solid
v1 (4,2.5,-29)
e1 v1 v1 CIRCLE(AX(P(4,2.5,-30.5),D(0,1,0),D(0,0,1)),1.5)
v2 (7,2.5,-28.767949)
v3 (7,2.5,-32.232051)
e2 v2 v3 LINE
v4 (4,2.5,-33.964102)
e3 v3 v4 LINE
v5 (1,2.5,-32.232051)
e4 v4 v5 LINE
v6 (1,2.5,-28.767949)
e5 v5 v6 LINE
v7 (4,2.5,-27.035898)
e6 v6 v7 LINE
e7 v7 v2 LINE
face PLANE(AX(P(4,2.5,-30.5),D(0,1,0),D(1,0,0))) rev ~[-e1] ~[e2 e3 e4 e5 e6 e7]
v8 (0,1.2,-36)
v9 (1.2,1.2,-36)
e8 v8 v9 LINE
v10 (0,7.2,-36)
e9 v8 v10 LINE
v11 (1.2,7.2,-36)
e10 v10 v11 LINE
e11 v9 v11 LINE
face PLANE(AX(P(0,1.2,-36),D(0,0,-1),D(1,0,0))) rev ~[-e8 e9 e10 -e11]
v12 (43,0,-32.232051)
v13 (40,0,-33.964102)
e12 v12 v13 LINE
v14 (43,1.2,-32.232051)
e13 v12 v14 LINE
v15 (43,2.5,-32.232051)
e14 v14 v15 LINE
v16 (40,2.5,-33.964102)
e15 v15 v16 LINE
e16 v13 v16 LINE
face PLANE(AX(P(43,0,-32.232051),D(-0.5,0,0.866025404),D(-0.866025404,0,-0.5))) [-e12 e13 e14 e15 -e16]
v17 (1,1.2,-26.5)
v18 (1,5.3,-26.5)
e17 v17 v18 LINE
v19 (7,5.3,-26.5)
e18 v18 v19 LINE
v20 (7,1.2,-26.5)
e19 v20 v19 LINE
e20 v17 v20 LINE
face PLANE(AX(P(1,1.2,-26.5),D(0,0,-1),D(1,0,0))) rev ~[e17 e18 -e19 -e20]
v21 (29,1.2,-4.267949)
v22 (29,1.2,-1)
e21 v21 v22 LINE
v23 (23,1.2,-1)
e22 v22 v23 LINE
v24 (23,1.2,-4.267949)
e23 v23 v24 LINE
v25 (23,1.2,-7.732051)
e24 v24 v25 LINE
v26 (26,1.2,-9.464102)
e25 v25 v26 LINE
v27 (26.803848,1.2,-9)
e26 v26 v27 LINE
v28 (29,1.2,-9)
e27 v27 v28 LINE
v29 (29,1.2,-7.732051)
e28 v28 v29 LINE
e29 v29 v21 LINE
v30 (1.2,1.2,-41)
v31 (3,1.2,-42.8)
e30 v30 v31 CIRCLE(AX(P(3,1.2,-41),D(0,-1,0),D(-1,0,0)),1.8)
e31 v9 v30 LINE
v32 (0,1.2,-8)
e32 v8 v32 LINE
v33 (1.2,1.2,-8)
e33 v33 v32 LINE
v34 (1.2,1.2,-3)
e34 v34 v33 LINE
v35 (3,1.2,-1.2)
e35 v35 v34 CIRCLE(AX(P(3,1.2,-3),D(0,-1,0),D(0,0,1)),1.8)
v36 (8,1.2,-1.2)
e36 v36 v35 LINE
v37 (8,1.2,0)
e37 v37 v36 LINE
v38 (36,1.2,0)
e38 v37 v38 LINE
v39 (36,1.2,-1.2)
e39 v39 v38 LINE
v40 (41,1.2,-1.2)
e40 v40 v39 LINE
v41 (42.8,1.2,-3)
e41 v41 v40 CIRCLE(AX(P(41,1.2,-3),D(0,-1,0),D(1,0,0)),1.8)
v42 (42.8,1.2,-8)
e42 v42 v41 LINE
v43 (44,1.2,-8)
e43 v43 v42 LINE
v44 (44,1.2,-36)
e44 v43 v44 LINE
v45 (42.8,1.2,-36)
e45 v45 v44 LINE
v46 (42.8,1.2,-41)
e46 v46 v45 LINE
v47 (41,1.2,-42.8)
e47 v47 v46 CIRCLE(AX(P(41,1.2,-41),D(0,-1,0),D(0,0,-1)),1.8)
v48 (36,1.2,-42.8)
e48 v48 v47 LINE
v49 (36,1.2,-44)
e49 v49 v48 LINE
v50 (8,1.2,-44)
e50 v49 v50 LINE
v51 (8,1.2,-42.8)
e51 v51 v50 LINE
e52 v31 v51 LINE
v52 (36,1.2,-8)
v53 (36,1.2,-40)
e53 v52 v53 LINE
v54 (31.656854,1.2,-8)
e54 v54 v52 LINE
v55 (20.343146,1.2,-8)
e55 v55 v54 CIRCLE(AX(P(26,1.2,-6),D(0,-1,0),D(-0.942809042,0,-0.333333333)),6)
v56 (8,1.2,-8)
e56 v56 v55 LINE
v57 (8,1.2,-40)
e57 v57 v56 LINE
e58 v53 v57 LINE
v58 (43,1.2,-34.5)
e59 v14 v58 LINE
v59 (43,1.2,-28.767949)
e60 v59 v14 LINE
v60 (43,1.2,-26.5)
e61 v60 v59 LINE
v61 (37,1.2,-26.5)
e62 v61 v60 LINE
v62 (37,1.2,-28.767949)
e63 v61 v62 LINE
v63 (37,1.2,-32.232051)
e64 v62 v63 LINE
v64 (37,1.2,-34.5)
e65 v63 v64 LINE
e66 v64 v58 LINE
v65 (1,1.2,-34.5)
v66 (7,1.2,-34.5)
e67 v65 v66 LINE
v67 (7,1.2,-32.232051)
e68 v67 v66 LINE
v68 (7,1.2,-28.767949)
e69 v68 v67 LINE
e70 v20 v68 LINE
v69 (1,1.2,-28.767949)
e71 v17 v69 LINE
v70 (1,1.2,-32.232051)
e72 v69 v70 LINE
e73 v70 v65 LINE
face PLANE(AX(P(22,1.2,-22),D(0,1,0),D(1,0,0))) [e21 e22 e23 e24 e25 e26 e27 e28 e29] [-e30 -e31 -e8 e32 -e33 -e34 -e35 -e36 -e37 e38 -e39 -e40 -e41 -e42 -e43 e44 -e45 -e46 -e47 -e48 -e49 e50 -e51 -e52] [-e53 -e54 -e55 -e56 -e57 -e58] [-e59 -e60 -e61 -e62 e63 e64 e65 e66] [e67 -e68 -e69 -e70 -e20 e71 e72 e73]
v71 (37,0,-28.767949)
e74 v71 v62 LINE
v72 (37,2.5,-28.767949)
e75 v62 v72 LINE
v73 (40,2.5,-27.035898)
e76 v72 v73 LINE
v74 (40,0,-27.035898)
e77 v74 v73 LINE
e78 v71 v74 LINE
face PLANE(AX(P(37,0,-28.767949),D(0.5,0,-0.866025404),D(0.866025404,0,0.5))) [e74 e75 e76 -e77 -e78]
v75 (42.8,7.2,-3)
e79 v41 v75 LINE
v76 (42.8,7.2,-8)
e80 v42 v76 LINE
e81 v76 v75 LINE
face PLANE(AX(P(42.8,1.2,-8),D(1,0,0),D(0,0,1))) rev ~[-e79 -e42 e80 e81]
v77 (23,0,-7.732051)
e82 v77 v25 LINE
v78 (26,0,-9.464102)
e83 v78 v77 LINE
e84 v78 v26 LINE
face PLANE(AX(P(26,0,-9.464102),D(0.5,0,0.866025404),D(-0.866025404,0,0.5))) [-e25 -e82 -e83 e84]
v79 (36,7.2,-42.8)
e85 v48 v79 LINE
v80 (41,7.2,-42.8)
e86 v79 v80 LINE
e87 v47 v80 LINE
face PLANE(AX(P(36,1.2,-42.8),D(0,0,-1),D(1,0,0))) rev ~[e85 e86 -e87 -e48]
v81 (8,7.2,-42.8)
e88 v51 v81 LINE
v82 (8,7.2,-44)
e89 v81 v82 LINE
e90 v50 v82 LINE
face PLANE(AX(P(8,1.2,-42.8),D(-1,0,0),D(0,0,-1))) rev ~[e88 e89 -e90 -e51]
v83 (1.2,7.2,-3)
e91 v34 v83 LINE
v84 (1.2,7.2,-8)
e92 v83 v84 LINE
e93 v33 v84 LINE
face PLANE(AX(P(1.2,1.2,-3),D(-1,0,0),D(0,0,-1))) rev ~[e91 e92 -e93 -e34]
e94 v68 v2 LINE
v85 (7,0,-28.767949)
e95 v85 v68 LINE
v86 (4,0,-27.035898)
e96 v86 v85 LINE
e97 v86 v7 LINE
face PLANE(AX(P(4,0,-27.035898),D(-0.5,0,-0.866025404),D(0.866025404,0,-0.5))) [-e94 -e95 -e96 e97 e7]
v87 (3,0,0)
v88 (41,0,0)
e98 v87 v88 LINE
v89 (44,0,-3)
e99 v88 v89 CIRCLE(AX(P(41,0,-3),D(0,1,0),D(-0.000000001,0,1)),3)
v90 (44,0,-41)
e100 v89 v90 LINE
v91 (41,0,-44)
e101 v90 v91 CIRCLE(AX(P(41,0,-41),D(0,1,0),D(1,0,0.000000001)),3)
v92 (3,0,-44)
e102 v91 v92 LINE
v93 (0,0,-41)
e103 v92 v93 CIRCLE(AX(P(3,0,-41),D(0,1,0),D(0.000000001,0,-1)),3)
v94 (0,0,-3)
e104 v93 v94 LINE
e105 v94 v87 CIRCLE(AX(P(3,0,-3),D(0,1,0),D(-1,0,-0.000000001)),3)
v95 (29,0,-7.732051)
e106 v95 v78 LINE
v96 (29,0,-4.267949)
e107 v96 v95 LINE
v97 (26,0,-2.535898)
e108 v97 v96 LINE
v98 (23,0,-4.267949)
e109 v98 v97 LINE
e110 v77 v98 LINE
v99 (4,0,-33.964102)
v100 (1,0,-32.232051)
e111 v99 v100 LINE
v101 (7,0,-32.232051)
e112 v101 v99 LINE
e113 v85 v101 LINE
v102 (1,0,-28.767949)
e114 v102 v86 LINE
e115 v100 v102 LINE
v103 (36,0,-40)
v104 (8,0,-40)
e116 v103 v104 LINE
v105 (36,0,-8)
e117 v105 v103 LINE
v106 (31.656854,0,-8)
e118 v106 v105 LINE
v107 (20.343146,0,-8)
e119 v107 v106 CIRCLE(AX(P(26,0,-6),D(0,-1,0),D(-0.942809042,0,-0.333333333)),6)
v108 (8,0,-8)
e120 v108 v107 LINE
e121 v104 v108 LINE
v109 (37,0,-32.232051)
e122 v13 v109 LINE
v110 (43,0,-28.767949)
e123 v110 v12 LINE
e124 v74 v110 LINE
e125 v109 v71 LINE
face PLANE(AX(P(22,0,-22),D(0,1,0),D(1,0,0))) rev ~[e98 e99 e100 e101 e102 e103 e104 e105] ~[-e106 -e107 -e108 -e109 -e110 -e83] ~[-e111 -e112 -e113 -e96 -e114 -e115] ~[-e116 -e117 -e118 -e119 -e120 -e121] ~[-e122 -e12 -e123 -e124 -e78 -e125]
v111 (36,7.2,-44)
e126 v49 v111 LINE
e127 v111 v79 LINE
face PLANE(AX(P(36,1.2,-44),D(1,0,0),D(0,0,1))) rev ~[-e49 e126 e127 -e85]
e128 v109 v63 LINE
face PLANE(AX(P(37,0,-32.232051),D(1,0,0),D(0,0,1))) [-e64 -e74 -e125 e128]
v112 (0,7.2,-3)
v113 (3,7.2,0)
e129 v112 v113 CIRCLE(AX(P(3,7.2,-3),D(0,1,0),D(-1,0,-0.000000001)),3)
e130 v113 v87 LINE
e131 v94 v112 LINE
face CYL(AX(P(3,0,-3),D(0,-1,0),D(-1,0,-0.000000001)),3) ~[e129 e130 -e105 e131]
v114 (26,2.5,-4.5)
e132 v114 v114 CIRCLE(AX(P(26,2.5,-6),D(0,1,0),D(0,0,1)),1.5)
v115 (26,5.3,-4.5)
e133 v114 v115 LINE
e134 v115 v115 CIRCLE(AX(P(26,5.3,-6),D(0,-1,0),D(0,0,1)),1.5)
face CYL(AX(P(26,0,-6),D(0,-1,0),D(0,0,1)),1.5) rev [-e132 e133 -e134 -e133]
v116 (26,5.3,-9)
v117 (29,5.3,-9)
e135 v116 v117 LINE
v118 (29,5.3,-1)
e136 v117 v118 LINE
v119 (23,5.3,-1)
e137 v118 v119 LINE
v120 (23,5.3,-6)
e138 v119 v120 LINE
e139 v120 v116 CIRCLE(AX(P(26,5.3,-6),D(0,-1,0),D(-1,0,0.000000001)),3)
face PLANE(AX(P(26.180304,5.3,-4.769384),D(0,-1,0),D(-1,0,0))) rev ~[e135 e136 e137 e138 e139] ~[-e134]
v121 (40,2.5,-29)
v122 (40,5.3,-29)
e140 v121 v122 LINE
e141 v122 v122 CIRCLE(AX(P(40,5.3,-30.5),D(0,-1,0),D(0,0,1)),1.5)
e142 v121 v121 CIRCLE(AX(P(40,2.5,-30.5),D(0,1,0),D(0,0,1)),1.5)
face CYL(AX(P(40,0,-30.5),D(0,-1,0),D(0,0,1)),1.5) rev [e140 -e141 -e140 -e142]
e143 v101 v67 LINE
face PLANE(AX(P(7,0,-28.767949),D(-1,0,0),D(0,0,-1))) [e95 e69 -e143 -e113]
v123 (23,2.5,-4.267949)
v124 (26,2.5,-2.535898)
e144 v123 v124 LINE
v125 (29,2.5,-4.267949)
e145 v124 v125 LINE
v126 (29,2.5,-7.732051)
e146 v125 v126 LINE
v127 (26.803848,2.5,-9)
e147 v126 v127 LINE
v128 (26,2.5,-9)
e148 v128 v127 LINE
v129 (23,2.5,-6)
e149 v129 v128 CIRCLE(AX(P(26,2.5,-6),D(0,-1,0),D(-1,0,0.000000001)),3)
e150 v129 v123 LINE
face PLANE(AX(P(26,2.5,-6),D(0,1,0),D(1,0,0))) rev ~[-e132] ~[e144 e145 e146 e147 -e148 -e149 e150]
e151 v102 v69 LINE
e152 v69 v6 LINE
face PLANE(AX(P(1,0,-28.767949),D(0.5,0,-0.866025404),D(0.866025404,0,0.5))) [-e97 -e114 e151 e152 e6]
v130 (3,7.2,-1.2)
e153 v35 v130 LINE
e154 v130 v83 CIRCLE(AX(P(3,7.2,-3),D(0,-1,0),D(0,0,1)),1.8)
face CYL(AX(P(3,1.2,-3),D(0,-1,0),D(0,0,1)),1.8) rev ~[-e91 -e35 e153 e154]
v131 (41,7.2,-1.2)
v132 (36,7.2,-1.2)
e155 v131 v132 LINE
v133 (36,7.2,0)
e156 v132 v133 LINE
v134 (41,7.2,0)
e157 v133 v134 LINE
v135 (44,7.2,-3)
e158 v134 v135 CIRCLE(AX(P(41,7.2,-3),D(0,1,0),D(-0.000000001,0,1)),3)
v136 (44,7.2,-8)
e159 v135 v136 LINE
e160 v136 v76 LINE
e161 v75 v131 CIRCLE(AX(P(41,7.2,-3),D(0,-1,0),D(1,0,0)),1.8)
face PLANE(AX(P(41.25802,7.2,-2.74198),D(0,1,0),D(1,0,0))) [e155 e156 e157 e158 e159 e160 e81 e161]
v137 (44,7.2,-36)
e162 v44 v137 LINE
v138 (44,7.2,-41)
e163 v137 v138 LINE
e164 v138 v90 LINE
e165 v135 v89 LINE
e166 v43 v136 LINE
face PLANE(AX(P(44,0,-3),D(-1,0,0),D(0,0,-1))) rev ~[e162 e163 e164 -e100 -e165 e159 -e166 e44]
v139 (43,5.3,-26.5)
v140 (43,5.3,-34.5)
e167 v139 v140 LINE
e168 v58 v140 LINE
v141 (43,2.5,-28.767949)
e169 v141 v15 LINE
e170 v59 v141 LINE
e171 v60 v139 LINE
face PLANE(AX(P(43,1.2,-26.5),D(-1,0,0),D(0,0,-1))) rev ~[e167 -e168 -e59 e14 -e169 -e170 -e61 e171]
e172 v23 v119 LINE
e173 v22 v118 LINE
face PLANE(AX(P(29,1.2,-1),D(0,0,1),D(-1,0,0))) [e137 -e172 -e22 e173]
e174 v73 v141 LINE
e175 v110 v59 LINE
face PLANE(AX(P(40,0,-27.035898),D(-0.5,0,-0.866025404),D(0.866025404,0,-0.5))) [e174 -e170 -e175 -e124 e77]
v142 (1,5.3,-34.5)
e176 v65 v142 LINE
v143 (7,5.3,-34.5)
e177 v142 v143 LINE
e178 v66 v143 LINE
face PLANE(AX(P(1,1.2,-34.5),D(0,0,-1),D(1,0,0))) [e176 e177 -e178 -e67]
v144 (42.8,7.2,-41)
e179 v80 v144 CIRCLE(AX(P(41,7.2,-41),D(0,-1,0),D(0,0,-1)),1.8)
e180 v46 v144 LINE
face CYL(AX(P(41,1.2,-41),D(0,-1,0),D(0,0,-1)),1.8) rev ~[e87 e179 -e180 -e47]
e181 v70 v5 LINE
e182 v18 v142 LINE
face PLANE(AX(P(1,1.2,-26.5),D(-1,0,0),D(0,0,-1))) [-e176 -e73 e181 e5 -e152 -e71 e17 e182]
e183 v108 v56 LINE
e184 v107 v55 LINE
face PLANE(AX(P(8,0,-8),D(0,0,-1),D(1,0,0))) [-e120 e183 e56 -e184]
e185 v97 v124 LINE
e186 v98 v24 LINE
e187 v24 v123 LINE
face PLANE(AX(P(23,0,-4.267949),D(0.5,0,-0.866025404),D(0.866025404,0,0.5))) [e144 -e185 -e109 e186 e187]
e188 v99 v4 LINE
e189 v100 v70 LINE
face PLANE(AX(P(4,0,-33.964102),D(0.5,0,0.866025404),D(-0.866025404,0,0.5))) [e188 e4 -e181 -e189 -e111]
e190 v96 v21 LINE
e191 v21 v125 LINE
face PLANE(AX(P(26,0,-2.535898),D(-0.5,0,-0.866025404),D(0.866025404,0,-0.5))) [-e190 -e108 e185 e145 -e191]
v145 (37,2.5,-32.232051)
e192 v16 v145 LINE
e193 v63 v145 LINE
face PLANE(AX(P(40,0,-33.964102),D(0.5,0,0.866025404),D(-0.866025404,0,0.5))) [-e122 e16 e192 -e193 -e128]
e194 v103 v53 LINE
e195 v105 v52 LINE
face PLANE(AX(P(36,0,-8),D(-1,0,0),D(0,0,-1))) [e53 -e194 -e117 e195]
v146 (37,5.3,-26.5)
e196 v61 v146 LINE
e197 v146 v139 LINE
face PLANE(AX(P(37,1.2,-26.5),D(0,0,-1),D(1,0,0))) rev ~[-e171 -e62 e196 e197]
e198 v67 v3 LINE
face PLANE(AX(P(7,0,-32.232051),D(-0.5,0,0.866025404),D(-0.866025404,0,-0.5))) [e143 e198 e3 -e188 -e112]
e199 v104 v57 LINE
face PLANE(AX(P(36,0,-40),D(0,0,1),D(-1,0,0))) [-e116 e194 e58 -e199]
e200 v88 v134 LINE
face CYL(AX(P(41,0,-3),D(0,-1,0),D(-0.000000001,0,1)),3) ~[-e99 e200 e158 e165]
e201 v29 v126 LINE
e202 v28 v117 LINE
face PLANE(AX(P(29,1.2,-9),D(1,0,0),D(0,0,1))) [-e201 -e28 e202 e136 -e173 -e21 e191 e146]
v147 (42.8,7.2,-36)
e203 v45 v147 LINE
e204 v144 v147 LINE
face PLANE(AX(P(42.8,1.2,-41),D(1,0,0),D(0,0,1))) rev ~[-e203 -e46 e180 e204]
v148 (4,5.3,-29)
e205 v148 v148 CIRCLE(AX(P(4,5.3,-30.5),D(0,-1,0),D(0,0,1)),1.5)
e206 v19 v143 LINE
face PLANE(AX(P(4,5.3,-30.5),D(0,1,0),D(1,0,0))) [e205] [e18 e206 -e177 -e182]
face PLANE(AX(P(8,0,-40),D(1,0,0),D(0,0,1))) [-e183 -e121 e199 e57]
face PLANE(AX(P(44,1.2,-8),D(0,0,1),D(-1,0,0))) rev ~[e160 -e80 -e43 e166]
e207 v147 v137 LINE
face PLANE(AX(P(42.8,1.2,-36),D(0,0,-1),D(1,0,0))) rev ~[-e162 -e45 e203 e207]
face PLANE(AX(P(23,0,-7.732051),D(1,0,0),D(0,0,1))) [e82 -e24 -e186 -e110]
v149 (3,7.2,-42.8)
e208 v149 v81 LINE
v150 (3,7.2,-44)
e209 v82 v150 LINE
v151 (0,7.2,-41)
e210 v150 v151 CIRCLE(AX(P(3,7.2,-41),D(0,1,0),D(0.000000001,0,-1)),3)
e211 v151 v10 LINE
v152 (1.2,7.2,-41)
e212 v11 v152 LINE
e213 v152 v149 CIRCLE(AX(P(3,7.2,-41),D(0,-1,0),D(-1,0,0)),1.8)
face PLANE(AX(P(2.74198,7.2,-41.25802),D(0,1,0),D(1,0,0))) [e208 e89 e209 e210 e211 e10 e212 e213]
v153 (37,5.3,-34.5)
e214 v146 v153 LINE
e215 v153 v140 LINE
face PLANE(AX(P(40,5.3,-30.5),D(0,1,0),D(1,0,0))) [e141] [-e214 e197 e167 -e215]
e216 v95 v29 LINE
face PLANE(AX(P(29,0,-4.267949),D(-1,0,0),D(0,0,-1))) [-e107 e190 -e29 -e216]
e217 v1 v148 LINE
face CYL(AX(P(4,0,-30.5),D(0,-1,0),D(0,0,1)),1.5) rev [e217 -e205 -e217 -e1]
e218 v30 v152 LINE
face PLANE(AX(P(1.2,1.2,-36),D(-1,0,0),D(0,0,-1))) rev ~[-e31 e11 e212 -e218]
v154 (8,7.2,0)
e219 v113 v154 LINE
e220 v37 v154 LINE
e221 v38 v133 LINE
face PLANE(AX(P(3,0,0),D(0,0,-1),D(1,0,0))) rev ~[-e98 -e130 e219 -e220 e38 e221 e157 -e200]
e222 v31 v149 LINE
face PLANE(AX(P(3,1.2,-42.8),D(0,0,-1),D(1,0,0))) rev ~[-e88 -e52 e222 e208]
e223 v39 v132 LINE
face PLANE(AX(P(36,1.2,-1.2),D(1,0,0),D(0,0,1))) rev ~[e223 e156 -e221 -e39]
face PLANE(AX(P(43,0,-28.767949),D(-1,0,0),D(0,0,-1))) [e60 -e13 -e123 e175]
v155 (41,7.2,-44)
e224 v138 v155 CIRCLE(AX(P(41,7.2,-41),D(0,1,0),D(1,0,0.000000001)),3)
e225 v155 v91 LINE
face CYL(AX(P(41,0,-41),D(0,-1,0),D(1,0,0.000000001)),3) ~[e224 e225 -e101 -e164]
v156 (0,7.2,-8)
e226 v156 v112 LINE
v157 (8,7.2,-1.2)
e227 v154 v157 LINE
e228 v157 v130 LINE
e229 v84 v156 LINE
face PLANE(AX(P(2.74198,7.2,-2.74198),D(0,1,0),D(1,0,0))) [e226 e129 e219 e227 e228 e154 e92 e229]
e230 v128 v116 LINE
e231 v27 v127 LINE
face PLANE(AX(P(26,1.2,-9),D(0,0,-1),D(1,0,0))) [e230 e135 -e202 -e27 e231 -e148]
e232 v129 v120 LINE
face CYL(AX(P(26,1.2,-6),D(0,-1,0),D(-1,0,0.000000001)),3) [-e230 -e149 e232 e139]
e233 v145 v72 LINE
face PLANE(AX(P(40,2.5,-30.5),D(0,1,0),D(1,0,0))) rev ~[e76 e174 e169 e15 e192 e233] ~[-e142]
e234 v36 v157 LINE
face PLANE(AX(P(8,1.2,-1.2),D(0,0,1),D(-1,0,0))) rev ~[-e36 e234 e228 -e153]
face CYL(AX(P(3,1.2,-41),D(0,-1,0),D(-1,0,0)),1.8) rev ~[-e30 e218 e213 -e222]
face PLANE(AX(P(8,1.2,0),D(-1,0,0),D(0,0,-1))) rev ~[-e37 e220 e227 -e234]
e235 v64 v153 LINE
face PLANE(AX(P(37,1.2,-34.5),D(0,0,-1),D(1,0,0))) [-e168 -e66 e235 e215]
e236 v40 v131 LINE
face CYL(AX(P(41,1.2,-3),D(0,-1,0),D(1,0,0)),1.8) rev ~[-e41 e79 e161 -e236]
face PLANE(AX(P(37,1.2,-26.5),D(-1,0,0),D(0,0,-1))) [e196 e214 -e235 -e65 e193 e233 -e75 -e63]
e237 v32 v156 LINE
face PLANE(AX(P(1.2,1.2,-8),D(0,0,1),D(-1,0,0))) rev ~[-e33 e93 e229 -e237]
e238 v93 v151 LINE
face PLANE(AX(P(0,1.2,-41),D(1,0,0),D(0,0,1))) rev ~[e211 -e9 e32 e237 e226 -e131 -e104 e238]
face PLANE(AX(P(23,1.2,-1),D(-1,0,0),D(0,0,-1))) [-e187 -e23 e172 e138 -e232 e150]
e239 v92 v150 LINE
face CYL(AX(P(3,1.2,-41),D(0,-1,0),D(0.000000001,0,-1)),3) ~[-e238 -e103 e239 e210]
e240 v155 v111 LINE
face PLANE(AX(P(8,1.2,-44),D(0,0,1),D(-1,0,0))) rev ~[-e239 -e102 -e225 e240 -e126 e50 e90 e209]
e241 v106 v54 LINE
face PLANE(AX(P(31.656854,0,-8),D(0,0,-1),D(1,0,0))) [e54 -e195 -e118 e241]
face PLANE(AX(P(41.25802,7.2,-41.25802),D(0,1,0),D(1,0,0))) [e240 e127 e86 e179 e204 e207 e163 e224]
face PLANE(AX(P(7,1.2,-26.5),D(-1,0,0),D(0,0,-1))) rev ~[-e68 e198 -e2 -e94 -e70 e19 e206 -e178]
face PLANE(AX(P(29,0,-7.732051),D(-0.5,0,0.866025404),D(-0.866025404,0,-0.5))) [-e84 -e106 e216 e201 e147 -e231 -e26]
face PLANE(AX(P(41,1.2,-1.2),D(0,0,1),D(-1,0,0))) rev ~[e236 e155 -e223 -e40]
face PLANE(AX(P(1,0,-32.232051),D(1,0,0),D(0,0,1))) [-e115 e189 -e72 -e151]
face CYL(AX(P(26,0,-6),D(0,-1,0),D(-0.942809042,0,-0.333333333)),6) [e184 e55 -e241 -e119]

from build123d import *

# Parameters (mm, degrees)
SKETCH1_R           = 1.5
BOSS_EXTRUDE1_DEPTH = 1.2
BOSS_EXTRUDE4_DEPTH = 6
SKETCH5_W           = 6
SKETCH5_H           = 8
BOSS_EXTRUDE8_DEPTH = 4.1
SKETCH1_3_R         = 1.5
CUT_EXTRUDE1_DEPTH  = 2.5
SKETCH1_4_R         = 1.5
CUT_EXTRUDE2_DEPTH  = 63.640561939


with BuildPart() as part:
    # Sketch1 → Boss-Extrude1 (new body)
    with BuildSketch(Plane(origin=(0, 0, 0), x_dir=(1, 0, 0), z_dir=(0, 1, 0))):
        with BuildLine():
            ThreePointArc((0, 3), (0.878679656, 0.878679656), (3, 0))
            Line((3, 0), (41, 0))
            ThreePointArc((41, 0), (43.121320344, 0.878679656), (44, 3))
            Line((44, 3), (44, 41))
            ThreePointArc((44, 41), (43.121320344, 43.121320344), (41, 44))
            Line((41, 44), (3, 44))
            ThreePointArc((3, 44), (0.878679656, 43.121320344), (0, 41))
            Line((0, 41), (0, 3))
        make_face()
        with BuildLine():
            Line((36, 8), (31.656854249, 8))
            ThreePointArc((31.656854249, 8), (26, 12), (20.343145751, 8))
            Line((20.343145751, 8), (8, 8))
            Line((8, 8), (8, 40))
            Line((8, 40), (36, 40))
            Line((36, 40), (36, 8))
        make_face(mode=Mode.SUBTRACT)
        with Locations((26, 6)):
            Circle(SKETCH1_R, mode=Mode.SUBTRACT)
        with Locations((4, 30.5)):
            Circle(SKETCH1_R, mode=Mode.SUBTRACT)
        with Locations((40, 30.5)):
            Circle(SKETCH1_R, mode=Mode.SUBTRACT)
    extrude(amount=BOSS_EXTRUDE1_DEPTH)

    # Sketch4 → Boss-Extrude4 (add)
    with BuildSketch(Plane(origin=(0, 1.2, 0), x_dir=(1, 0, 0), z_dir=(0, 1, 0))):
        with BuildLine():
            Line((3, 44), (8, 44))
            Line((8, 44), (8, 42.8))
            Line((8, 42.8), (3, 42.8))
            ThreePointArc((3, 42.8), (1.727207794, 42.272792206), (1.2, 41))
            Line((1.2, 41), (1.2, 36))
            Line((1.2, 36), (0, 36))
            Line((0, 36), (0, 41))
            ThreePointArc((0, 41), (0.878679656, 43.121320344), (3, 44))
        make_face()
        with BuildLine():
            Line((41, 44), (36, 44))
            Line((36, 44), (36, 42.8))
            Line((36, 42.8), (41, 42.8))
            ThreePointArc((41, 42.8), (42.272792206, 42.272792206), (42.8, 41))
            Line((42.8, 41), (42.8, 36))
            Line((42.8, 36), (44, 36))
            Line((44, 36), (44, 41))
            ThreePointArc((44, 41), (43.121320344, 43.121320344), (41, 44))
        make_face()
        with BuildLine():
            Line((41, 0), (36, 0))
            Line((36, 0), (36, 1.2))
            Line((36, 1.2), (41, 1.2))
            ThreePointArc((41, 1.2), (42.272792206, 1.727207794), (42.8, 3))
            Line((42.8, 3), (42.8, 8))
            Line((42.8, 8), (44, 8))
            Line((44, 8), (44, 3))
            ThreePointArc((44, 3), (43.121320344, 0.878679656), (41, 0))
        make_face()
        with BuildLine():
            Line((3, 0), (8, 0))
            Line((8, 0), (8, 1.2))
            Line((8, 1.2), (3, 1.2))
            ThreePointArc((3, 1.2), (1.727207794, 1.727207794), (1.2, 3))
            Line((1.2, 3), (1.2, 8))
            Line((1.2, 8), (0, 8))
            Line((0, 8), (0, 3))
            ThreePointArc((0, 3), (0.878679656, 0.878679656), (3, 0))
        make_face()
    extrude(amount=BOSS_EXTRUDE4_DEPTH)

    # Sketch5 → Boss-Extrude8 (add)
    with BuildSketch(Plane(origin=(0, 1.2, 0), x_dir=(1, 0, 0), z_dir=(0, 1, 0))):
        with Locations((4, 30.5)):
            Rectangle(SKETCH5_W, SKETCH5_H)
        with Locations((40, 30.5)):
            Rectangle(SKETCH5_W, SKETCH5_H)
        with BuildLine():
            Line((26, 9), (29, 9))
            Line((29, 9), (29, 1))
            Line((29, 1), (23, 1))
            Line((23, 1), (23, 6))
            ThreePointArc((23, 6), (23.878679656, 8.121320344), (26, 9))
        make_face()
    extrude(amount=BOSS_EXTRUDE8_DEPTH)

    # Sketch1<3> → Cut-Extrude1 (cut)
    # profile 1 of 3: a face of its own
    with BuildSketch(Plane(origin=(0, 0, 0), x_dir=(1, 0, 0), z_dir=(0, 1, 0))):
        Polygon((4, 33.964101615), (1, 32.232050808), (1, 28.767949192), (4, 27.035898385), (7, 28.767949192), (7, 32.232050808), align=None)
        with Locations((4, 30.5)):
            Circle(SKETCH1_3_R, mode=Mode.SUBTRACT)
    # profile 2 of 3: a face of its own
    with BuildSketch(Plane(origin=(0, 0, 0), x_dir=(1, 0, 0), z_dir=(0, 1, 0))):
        Polygon((40, 33.964101615), (37, 32.232050808), (37, 28.767949192), (40, 27.035898385), (43, 28.767949192), (43, 32.232050808), align=None)
        with Locations((40, 30.5)):
            Circle(SKETCH1_3_R, mode=Mode.SUBTRACT)
    # profile 3 of 3: a face of its own
    with BuildSketch(Plane(origin=(0, 0, 0), x_dir=(1, 0, 0), z_dir=(0, 1, 0))):
        Polygon((26, 9.464101615), (23, 7.732050808), (23, 4.267949192), (26, 2.535898385), (29, 4.267949192), (29, 7.732050808), align=None)
        with Locations((26, 6)):
            Circle(SKETCH1_3_R, mode=Mode.SUBTRACT)
    extrude(amount=CUT_EXTRUDE1_DEPTH, mode=Mode.SUBTRACT)

    # Sketch1<4> → Cut-Extrude2 (cut, through all)
    with BuildSketch(Plane(origin=(0, 0, 0), x_dir=(1, 0, 0), z_dir=(0, 1, 0))):
        with Locations((4, 30.5)):
            Circle(SKETCH1_4_R)
        with Locations((40, 30.5)):
            Circle(SKETCH1_4_R)
        with Locations((26, 6)):
            Circle(SKETCH1_4_R)
    extrude(amount=CUT_EXTRUDE2_DEPTH, mode=Mode.SUBTRACT)


solid = part.part
